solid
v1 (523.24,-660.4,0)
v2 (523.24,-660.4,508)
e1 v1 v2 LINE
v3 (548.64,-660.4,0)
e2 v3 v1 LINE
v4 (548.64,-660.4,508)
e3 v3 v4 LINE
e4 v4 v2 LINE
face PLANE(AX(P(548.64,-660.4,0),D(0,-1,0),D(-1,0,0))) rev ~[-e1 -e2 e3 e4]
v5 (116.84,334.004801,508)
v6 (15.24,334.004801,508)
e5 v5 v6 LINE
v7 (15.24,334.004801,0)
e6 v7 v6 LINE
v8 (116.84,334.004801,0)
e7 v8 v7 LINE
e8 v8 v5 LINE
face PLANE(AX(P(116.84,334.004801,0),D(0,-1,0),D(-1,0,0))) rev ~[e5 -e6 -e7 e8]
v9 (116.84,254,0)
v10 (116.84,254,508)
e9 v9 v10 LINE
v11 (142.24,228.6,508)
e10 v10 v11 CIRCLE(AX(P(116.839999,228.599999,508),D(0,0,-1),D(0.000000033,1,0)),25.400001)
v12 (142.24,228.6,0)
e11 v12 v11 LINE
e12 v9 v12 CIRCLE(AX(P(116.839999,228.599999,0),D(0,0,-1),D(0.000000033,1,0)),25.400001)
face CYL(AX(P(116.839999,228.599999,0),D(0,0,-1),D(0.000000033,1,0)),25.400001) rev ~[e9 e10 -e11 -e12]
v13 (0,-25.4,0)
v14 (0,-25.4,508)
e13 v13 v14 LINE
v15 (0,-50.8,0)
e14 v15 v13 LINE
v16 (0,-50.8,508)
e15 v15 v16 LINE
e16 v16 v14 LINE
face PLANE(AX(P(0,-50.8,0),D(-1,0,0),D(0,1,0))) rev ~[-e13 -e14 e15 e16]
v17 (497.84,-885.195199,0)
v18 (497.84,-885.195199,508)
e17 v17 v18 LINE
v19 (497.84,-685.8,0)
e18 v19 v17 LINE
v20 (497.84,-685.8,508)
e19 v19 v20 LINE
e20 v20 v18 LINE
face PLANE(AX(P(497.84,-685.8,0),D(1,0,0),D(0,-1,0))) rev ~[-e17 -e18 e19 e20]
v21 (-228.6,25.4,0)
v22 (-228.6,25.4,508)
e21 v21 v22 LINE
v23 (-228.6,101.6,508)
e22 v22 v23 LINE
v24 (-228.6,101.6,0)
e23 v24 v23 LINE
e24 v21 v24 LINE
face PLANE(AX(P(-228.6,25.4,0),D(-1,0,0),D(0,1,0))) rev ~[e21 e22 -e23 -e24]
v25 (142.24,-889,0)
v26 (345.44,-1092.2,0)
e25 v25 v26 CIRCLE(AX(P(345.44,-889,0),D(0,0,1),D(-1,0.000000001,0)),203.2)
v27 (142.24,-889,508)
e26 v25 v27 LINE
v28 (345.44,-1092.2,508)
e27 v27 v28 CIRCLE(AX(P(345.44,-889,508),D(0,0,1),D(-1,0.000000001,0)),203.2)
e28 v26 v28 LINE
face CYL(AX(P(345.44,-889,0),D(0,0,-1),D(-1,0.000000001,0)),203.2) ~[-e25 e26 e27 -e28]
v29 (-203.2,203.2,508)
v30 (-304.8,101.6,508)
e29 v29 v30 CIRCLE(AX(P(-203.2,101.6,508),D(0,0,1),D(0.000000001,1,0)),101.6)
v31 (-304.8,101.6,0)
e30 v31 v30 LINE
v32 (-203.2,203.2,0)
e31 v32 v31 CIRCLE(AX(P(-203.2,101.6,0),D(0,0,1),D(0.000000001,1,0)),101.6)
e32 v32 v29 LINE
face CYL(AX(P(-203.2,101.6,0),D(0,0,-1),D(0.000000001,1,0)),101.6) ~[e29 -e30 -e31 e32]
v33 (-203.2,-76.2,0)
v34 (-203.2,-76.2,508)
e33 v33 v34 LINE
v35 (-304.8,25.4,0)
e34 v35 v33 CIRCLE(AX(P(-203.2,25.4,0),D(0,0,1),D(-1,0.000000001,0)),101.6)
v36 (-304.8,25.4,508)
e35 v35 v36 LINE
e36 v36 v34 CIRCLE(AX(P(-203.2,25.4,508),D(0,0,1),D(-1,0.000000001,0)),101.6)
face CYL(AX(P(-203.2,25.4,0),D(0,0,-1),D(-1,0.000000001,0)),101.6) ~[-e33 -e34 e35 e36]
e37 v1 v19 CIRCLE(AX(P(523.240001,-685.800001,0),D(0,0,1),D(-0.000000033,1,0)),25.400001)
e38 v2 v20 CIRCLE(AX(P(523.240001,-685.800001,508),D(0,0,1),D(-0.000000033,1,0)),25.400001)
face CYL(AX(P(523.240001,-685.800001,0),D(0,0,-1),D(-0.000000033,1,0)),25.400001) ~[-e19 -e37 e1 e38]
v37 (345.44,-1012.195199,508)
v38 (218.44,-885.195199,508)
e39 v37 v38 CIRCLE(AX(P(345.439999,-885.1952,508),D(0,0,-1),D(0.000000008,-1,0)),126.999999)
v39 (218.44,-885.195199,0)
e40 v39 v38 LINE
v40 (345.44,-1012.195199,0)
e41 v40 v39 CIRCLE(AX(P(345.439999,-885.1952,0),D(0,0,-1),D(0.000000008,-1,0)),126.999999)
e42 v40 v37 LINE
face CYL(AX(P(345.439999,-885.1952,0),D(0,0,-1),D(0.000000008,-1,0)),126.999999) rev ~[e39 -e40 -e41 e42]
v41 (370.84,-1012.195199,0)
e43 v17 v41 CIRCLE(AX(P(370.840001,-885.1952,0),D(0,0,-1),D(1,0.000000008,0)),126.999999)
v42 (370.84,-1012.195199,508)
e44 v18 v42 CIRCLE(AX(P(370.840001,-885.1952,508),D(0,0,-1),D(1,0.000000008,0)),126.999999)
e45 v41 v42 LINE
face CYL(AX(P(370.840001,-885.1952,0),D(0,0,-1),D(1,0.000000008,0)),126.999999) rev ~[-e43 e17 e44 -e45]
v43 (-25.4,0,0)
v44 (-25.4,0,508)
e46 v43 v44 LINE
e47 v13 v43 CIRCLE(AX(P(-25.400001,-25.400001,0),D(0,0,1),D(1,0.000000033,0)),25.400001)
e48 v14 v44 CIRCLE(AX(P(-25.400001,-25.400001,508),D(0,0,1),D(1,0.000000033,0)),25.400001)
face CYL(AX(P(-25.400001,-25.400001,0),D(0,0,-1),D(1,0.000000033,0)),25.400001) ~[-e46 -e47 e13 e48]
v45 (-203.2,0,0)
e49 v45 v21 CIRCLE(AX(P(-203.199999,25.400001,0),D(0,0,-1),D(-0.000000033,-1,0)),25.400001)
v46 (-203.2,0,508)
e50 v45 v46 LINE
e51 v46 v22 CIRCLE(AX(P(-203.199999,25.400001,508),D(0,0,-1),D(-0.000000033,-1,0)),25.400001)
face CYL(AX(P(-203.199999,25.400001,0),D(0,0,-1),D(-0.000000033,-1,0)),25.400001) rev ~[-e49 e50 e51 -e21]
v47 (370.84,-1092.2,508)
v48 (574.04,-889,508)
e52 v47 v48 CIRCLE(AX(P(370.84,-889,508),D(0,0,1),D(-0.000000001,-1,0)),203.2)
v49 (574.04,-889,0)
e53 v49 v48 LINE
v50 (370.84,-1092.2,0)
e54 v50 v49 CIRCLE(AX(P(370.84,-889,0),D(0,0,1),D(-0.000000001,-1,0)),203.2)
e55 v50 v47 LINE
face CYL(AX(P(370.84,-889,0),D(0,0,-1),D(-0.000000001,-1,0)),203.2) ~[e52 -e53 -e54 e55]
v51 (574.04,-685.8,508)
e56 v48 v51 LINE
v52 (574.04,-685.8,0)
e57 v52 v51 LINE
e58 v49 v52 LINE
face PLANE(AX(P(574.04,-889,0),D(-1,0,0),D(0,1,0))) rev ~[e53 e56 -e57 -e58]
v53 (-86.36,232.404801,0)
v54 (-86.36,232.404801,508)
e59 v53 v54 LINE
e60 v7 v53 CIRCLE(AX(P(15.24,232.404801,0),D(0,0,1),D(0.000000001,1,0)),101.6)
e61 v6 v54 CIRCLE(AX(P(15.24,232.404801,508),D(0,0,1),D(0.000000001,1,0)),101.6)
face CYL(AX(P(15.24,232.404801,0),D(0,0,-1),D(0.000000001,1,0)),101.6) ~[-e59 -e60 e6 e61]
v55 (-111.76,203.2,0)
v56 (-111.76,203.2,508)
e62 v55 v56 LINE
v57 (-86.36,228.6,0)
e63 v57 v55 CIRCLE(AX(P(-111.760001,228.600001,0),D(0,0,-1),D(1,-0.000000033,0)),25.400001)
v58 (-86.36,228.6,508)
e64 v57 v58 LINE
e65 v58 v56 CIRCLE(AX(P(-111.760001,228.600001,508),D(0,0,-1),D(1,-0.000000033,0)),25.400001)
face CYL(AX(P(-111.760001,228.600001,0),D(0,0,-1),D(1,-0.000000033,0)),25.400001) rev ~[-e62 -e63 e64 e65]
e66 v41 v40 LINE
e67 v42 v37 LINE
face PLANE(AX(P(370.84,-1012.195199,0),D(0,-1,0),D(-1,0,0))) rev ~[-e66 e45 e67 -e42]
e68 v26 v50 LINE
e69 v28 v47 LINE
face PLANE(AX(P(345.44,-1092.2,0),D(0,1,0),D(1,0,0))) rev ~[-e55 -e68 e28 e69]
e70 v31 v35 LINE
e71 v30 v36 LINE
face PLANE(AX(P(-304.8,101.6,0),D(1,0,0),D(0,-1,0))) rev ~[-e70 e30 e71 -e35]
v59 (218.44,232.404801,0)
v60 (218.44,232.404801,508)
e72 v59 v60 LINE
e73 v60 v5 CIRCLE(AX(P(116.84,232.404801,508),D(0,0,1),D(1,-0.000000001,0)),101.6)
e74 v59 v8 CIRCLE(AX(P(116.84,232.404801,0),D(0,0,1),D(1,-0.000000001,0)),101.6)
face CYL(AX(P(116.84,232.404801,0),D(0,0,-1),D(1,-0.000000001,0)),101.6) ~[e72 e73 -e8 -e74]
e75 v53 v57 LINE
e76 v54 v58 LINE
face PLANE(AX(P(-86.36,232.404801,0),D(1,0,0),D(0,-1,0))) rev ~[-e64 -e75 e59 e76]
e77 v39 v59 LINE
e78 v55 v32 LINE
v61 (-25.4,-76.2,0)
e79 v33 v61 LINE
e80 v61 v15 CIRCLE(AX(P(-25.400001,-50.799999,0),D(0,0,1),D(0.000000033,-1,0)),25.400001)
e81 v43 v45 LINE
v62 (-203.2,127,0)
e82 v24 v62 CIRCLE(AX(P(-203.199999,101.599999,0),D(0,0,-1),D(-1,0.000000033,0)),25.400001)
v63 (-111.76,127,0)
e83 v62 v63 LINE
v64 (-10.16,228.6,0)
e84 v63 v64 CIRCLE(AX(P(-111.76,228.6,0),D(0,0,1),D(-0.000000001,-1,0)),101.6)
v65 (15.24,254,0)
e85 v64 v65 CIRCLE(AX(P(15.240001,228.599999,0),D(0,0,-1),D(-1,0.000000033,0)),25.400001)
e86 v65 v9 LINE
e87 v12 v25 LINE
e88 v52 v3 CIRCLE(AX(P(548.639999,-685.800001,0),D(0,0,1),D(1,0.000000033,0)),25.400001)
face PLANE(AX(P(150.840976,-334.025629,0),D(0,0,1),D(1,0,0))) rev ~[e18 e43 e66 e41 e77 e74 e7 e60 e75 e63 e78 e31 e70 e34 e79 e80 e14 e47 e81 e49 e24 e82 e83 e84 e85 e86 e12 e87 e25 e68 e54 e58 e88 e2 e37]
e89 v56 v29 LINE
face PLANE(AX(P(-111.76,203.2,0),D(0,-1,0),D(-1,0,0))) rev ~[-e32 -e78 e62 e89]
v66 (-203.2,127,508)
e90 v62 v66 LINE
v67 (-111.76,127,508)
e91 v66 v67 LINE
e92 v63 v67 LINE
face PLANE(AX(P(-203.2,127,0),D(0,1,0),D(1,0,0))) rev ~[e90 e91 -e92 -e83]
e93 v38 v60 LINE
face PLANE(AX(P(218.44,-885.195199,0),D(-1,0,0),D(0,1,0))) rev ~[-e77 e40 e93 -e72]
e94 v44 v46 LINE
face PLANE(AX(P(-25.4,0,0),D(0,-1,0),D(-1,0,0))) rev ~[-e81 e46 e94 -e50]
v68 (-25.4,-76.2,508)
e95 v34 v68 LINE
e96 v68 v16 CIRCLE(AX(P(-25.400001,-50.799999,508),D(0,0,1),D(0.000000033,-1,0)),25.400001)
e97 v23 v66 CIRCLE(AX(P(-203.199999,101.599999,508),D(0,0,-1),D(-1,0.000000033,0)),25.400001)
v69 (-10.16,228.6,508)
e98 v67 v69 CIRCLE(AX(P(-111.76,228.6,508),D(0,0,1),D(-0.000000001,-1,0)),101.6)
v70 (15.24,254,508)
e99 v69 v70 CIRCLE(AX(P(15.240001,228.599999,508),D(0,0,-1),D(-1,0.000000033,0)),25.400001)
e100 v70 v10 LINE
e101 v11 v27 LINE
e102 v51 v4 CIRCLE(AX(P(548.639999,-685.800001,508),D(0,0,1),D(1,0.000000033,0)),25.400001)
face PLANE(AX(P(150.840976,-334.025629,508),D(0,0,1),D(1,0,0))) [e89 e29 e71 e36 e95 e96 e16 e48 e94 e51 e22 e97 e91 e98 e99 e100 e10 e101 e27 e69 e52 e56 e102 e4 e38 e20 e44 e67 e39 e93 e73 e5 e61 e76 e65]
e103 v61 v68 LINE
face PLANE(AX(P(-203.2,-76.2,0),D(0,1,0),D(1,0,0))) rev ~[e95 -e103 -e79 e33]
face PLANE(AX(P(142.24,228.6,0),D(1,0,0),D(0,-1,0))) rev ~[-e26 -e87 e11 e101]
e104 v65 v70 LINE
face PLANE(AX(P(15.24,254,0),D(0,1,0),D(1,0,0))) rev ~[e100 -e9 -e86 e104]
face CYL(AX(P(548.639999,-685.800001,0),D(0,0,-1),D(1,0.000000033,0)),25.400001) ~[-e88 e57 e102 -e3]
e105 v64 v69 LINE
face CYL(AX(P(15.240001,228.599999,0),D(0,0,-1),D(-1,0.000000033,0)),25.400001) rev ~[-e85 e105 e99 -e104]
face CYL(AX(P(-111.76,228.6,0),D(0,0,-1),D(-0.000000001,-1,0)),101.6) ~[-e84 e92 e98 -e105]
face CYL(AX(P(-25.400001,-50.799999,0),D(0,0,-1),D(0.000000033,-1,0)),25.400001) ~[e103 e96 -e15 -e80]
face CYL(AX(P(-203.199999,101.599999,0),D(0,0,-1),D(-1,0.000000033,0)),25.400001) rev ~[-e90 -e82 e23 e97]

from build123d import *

# Parameters (mm, degrees)
F1_DEPTH = 508


with BuildPart() as f1:
    # F0 (on Top) → F1 (new body)
    with BuildSketch(Plane.XY):
        with BuildLine():
            ThreePointArc((0, -25.4), (-7.439488, -7.439488), (-25.4, 0))
            Line((-25.4, 0), (-203.2, 0))
            ThreePointArc((-203.2, 0), (-221.160512, 7.439488), (-228.6, 25.4))
            Line((-228.6, 25.4), (-228.6, 101.6))
            ThreePointArc((-228.6, 101.6), (-221.160512, 119.560512), (-203.2, 127))
            Line((-203.2, 127), (-111.76, 127))
            ThreePointArc((-111.76, 127), (-39.917951, 156.757951), (-10.16, 228.6))
            ThreePointArc((-10.16, 228.6), (-2.720512, 246.560512), (15.24, 254))
            Line((15.24, 254), (116.84, 254))
            ThreePointArc((116.84, 254), (134.800512, 246.560512), (142.24, 228.6))
            Line((142.24, 228.6), (142.24, -889))
            ThreePointArc((142.24, -889), (201.755902, -1032.684098), (345.44, -1092.2))
            Line((345.44, -1092.2), (370.84, -1092.2))
            ThreePointArc((370.84, -1092.2), (514.524098, -1032.684098), (574.04, -889))
            Line((574.04, -889), (574.04, -685.8))
            ThreePointArc((574.04, -685.8), (566.600512, -667.839488), (548.64, -660.4))
            Line((548.64, -660.4), (523.24, -660.4))
            ThreePointArc((523.24, -660.4), (505.279488, -667.839488), (497.84, -685.8))
            Line((497.84, -685.8), (497.84, -885.195199))
            ThreePointArc((497.84, -885.195199), (460.642561, -974.997761), (370.84, -1012.195199))
            Line((370.84, -1012.195199), (345.44, -1012.195199))
            ThreePointArc((345.44, -1012.195199), (255.637439, -974.997761), (218.44, -885.195199))
            Line((218.44, -885.195199), (218.44, 232.404801))
            ThreePointArc((218.44, 232.404801), (188.682049, 304.24685), (116.84, 334.004801))
            Line((116.84, 334.004801), (15.24, 334.004801))
            ThreePointArc((15.24, 334.004801), (-56.602049, 304.24685), (-86.36, 232.404801))
            Line((-86.36, 232.404801), (-86.36, 228.6))
            ThreePointArc((-86.36, 228.6), (-93.799488, 210.639488), (-111.76, 203.2))
            Line((-111.76, 203.2), (-203.2, 203.2))
            ThreePointArc((-203.2, 203.2), (-275.042049, 173.442049), (-304.8, 101.6))
            Line((-304.8, 101.6), (-304.8, 25.4))
            ThreePointArc((-304.8, 25.4), (-275.042049, -46.442049), (-203.2, -76.2))
            Line((-203.2, -76.2), (-25.4, -76.2))
            ThreePointArc((-25.4, -76.2), (-7.439488, -68.760512), (0, -50.8))
            Line((0, -50.8), (0, -25.4))
        make_face()
    extrude(amount=F1_DEPTH)


solid = f1.part
